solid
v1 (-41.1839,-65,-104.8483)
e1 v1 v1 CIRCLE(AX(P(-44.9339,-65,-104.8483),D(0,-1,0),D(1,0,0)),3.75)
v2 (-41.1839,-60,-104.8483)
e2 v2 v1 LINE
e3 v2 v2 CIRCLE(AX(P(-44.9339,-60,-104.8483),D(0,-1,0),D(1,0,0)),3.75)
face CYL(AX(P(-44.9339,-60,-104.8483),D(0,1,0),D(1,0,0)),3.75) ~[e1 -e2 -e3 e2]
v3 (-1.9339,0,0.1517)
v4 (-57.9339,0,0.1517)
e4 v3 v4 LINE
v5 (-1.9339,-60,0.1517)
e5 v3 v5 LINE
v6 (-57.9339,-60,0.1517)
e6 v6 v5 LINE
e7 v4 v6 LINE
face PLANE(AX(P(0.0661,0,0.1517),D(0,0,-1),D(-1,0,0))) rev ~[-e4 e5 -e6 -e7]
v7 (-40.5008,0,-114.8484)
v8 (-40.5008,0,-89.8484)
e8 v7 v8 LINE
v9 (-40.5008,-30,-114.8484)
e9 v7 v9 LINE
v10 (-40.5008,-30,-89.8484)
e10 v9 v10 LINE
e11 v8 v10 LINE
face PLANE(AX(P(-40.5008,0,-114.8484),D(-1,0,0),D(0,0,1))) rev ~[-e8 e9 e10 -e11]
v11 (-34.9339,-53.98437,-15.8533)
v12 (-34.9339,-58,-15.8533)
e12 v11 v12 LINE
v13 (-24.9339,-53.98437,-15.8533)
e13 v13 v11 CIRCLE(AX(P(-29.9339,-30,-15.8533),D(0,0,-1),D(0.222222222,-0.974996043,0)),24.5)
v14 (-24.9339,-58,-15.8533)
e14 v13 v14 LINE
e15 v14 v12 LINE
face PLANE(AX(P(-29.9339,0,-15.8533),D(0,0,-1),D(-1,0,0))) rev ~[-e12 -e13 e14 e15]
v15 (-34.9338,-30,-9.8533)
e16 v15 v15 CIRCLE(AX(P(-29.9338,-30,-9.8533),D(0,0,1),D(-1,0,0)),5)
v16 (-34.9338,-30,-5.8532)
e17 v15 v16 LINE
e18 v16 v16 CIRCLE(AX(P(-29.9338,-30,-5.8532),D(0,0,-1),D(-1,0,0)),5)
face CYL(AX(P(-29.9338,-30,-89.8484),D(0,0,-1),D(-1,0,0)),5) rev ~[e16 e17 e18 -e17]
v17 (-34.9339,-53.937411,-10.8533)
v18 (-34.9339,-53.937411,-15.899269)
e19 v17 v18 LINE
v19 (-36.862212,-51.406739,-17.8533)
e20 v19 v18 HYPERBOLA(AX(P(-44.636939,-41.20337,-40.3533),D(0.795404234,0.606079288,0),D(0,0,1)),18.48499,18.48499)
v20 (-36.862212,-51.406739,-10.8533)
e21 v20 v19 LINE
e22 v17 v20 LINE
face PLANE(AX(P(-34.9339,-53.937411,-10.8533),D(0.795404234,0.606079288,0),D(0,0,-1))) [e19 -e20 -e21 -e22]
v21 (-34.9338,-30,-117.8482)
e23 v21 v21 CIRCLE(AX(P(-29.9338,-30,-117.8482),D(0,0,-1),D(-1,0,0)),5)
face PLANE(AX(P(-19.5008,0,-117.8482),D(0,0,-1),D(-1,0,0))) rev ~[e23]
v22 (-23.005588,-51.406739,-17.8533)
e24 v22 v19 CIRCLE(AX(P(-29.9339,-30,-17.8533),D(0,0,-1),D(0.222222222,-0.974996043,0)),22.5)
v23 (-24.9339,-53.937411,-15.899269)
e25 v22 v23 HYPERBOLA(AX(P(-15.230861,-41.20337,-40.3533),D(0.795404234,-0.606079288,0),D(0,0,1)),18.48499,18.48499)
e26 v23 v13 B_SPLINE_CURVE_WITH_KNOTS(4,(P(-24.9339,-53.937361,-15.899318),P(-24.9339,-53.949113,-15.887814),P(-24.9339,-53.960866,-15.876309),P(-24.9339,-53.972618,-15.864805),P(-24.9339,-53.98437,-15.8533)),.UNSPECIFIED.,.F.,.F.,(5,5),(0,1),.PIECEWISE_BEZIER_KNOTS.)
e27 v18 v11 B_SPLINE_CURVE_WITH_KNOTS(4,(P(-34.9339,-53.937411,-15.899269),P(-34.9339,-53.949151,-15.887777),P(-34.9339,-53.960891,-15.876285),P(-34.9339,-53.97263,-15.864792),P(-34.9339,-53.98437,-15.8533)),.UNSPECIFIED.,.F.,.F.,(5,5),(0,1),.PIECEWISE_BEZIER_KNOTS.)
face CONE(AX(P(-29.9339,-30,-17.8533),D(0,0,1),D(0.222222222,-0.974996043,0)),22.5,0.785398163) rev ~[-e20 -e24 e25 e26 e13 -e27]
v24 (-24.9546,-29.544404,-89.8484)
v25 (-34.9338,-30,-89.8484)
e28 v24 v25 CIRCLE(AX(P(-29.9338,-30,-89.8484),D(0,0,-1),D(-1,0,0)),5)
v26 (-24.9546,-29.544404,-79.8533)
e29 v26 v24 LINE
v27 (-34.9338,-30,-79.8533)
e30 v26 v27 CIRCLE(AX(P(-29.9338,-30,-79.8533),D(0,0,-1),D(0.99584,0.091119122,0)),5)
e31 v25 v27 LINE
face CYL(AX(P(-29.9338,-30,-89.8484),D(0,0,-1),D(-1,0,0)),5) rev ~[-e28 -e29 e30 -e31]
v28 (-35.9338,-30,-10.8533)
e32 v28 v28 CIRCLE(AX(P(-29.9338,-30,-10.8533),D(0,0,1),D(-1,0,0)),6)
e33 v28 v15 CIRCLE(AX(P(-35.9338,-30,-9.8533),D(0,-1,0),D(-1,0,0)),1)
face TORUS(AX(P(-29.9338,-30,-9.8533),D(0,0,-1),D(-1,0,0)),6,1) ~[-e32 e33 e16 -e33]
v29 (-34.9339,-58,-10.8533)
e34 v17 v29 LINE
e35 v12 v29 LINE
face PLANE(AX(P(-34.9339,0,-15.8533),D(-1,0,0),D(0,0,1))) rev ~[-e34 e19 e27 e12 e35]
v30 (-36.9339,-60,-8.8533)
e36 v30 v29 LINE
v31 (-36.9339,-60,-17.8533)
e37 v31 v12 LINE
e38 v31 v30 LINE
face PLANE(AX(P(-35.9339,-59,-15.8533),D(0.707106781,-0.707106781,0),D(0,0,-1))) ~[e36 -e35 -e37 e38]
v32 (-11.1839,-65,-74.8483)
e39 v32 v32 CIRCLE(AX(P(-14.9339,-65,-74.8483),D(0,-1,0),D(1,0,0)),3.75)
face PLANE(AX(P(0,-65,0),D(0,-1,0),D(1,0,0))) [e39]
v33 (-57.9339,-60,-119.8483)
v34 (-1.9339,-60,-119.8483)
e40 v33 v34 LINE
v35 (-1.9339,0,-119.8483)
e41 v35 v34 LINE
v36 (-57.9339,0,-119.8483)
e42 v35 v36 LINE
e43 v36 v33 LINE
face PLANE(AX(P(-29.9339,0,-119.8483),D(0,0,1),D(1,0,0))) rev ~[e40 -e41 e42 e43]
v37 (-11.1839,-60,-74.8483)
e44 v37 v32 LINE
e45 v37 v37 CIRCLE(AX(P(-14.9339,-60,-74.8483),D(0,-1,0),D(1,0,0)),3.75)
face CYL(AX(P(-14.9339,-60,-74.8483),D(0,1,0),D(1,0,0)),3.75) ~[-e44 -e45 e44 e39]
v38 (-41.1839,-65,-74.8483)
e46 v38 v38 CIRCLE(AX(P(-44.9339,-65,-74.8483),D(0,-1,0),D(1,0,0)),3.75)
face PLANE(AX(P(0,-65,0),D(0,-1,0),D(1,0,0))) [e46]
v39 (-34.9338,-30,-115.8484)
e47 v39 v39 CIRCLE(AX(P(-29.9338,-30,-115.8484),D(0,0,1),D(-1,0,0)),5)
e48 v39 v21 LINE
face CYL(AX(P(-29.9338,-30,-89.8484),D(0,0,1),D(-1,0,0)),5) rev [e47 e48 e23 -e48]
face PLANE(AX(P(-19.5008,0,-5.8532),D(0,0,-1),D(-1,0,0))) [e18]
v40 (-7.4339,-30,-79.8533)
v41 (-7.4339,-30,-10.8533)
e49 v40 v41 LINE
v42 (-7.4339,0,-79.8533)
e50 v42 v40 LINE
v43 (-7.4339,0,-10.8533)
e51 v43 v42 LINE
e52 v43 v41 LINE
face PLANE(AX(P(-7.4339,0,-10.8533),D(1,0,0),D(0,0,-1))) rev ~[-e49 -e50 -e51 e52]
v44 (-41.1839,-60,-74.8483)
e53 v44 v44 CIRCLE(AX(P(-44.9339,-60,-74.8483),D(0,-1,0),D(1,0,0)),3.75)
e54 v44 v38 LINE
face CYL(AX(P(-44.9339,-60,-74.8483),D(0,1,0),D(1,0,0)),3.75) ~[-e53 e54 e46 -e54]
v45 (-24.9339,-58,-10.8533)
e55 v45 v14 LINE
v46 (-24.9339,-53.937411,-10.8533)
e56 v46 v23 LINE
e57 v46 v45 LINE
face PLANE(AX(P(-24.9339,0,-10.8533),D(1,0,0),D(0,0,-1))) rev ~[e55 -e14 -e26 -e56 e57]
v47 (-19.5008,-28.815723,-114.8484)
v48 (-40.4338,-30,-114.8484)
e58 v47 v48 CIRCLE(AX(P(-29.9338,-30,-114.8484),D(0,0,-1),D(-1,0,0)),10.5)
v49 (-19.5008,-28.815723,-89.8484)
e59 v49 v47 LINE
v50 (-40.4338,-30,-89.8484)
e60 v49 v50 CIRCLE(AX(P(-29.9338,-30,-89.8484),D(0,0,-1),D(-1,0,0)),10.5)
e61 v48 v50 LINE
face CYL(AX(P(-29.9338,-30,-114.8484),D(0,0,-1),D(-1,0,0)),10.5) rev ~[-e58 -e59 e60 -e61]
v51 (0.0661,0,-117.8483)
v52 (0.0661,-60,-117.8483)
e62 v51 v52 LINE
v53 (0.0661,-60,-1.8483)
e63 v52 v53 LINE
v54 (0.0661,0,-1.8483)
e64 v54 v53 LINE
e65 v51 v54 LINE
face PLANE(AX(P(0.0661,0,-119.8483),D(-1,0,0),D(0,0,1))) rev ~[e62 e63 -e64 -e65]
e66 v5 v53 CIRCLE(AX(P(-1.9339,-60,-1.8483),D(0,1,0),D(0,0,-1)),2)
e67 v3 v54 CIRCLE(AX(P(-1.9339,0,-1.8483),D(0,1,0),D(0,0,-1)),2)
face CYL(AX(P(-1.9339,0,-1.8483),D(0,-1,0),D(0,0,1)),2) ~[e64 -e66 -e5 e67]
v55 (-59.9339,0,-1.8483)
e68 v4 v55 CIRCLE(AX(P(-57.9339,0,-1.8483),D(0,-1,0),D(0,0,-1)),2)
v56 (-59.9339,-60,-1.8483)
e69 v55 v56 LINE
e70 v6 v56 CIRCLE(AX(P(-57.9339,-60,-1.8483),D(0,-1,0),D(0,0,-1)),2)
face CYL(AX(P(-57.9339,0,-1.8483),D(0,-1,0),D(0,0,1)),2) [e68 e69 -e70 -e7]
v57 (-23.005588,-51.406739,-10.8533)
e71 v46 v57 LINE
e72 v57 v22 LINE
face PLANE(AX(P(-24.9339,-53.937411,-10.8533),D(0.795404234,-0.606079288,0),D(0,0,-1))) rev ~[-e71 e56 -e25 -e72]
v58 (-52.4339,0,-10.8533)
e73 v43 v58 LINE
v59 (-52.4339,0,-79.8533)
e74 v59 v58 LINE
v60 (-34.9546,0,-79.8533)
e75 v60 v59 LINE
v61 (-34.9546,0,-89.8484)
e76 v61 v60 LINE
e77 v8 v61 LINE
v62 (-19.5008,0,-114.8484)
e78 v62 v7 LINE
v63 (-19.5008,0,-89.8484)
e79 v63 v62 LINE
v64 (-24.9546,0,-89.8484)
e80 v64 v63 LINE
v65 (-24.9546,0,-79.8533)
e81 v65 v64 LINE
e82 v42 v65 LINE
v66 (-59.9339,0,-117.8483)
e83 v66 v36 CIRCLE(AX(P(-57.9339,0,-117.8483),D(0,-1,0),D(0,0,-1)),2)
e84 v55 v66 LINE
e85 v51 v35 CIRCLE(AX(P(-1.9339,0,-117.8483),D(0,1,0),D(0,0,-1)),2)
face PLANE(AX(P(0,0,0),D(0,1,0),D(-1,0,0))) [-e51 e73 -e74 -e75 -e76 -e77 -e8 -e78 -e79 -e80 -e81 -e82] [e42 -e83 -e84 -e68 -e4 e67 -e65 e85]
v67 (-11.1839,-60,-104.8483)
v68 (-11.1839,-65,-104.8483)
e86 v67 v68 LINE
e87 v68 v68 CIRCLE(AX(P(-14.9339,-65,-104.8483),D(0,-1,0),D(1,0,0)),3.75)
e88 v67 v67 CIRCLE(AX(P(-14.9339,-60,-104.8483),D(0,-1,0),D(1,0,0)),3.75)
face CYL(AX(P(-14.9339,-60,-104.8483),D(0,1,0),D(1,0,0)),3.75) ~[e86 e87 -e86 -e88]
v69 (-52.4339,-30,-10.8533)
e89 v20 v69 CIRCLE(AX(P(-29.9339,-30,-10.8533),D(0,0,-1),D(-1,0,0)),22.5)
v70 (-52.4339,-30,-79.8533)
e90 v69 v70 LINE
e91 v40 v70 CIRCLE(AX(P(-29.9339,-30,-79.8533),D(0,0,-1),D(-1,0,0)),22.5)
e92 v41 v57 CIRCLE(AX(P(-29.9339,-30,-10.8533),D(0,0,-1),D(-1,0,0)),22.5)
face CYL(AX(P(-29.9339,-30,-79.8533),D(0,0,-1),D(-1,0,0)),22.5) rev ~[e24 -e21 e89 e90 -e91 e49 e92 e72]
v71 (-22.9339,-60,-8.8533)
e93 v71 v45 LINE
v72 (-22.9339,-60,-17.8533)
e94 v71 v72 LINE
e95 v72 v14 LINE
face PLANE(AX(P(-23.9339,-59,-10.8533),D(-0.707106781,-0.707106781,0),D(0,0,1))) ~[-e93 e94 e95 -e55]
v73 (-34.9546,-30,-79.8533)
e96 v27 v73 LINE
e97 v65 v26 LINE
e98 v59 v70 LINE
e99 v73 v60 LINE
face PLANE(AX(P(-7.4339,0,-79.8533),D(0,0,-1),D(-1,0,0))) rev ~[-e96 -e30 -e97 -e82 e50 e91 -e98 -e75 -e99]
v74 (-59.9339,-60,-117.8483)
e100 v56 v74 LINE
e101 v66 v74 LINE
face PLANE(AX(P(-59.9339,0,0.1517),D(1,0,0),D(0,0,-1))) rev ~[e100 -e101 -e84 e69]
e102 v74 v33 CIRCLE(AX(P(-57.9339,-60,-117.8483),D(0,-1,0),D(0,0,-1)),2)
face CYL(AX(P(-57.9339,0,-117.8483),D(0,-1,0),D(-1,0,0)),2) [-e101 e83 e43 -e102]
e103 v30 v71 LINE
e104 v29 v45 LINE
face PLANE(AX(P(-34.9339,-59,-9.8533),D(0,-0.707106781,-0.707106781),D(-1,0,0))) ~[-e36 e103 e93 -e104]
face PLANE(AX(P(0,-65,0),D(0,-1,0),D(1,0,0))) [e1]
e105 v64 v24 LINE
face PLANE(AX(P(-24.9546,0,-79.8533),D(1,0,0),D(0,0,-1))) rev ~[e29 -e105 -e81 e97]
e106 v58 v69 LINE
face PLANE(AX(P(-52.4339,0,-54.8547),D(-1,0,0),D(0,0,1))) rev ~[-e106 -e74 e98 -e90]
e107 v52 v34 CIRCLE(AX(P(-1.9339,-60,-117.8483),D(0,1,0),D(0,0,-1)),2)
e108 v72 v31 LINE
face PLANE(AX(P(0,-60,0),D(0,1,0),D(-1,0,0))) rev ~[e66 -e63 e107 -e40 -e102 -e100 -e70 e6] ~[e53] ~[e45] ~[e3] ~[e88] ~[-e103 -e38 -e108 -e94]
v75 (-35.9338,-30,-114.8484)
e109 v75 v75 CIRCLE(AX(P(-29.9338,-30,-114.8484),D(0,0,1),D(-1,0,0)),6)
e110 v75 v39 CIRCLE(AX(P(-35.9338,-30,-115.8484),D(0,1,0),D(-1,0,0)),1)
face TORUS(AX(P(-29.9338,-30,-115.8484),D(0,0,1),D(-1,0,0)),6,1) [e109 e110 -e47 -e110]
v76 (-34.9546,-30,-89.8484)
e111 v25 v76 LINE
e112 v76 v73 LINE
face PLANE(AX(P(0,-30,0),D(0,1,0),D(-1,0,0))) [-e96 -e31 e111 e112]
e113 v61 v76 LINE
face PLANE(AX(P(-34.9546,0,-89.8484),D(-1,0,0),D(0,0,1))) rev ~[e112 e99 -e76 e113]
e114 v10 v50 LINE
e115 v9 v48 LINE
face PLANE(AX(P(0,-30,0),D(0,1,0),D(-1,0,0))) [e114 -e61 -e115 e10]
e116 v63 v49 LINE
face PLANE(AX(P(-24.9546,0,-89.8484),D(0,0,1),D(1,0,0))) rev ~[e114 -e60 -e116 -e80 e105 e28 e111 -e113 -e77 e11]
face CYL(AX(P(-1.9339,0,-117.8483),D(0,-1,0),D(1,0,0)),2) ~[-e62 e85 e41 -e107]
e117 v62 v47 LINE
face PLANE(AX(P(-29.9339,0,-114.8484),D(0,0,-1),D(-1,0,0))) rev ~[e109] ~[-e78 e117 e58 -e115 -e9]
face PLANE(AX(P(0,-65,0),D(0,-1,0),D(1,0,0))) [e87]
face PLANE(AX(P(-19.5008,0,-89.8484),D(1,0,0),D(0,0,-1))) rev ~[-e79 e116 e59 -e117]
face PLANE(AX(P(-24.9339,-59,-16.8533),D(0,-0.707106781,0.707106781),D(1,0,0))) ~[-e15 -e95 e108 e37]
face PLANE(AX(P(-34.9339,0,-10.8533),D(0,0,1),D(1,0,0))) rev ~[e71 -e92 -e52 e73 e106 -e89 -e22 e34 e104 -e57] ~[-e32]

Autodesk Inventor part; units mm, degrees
sketch "Sketch1" plane through (0, 0, 0) normal (0, 1, 0) x (-1, 0, 0)
  line L0 (-0.0661, 0.1517) -> (59.9339, 0.1517)
  line L1 (59.9339, 0.1517) -> (59.9339, -119.8483)
  line L2 (59.9339, -119.8483) -> (-0.0661, -119.8483)
  line L3 (-0.0661, -119.8483) -> (-0.0661, 0.1517)
  line L4 (29.9339, -119.8483) -> (29.9339, 0.1517)
  circle A0 centre (29.9339, -54.8547) radius 22.5
  line L5 (19.5008, -89.8484) -> (19.5008, -114.8484)
  line L6 (19.5008, -114.8484) -> (40.5008, -114.8484)
  line L7 (40.5008, -114.8484) -> (40.5008, -89.8484)
  line L8 (40.5008, -89.8484) -> (19.5008, -89.8484)
  line L9 (19.5008, -89.8484) -> (40.5008, -114.8484) construction
  line L10 (19.5008, -114.8484) -> (40.5008, -89.8484) construction
  line L11 (19.5008, -89.8484) -> (44.5008, -89.8484) construction
  line L12 (24.9546, -79.8533) -> (24.9546, -89.8533)
  line L13 (24.9546, -89.8533) -> (34.9546, -89.8533)
  line L14 (34.9546, -89.8533) -> (34.9546, -79.8533)
  line L15 (34.9546, -79.8533) -> (24.9546, -79.8533)
  line L16 (24.9546, -79.8533) -> (34.9546, -89.8533) construction
  line L17 (24.9546, -89.8533) -> (34.9546, -79.8533) construction
  line L18 (24.9546, -79.8533) -> (34.9546, -79.8533) construction
  line L19 (7.4339, -10.8533) -> (7.4339, -79.8533)
  line L20 (7.4339, -79.8533) -> (52.4339, -79.8533)
  line L21 (52.4339, -79.8533) -> (52.4339, -10.8533)
  line L22 (52.4339, -10.8533) -> (7.4339, -10.8533)
  line L23 (7.4339, -10.8533) -> (52.4339, -79.8533) construction
  line L24 (7.4339, -79.8533) -> (52.4339, -10.8533) construction
  line L25 (7.4339, -10.8533) -> (76.4339, -10.8533) construction
  line L26 (34.9339, -5.8533) -> (24.9339, -5.8533)
  line L27 (24.9339, -5.8533) -> (24.9339, -15.8533)
  line L28 (24.9339, -15.8533) -> (34.9339, -15.8533)
  line L29 (34.9339, -15.8533) -> (34.9339, -5.8533)
  line L30 (34.9339, -5.8533) -> (24.9339, -15.8533) construction
  line L31 (24.9339, -5.8533) -> (34.9339, -15.8533) construction
  point P0 (0, 0)
  point P1 (29.9339, -114.8483)
  point P2 (30.4342, -89.8533)
  point P3 (29.9546, -89.8533)
  point P4 (29.9339, -79.8533)
  point P5 (30.0136, -77.3546)
  point P6 (29.9339, -25)
  point P7 (30.0008, -102.3484)
  point P8 (29.9339, -10.8533)
  point P9 (29.9546, -84.8533)
  point P10 (29.9339, -10.8533)
  point P11 (29.9339, -45.3533)
  point P12 (34.9546, -79.8533)
  point P13 (24.9546, -79.8533)
  point P14 (24.9546, -89.8484)
  point P15 (34.9546, -89.8484)
  point P16 (34.9339, -10.8533)
  point P17 (24.9339, -10.8533)
  dimension "d0" = 60
  dimension "d1" = 120
  dimension "d2" = 45
  dimension "d3" = 5
  dimension "d4" = 25
  dimension "d6" = 12.5
  dimension "d7" = 10
  dimension "d8" = 2.5
  dimension "d9" = 22.5
  dimension "d10" = -69
  dimension "d11" = 25
  dimension "d12" = 90
  dimension "d13" = 21
  dimension "d14" = 5
  dimension "d15" = 10
  dimension "d16" = 90
  dimension "d17" = 10
  dimension "d18" = -69
  dimension "d19" = 90
  dimension "d20" = -34.5
  dimension "d21" = 45
  dimension "d42" = 10
  dimension "d43" = 10
extrude "Extrusion1" add sketch "Sketch1" against normal blind 60
sketch "Sketch2" plane through (0.0661, 0, -119.8483) normal (0, 0, -1) x (-1, 0, 0)
  line L0 (0, 0) -> (60, 0) projected
  line L1 (0, 0) -> (0, -60) projected
  line L2 (60, -60) -> (0, -60) projected
  line L3 (60, 0) -> (60, -60) projected
  point P0 (0.0661, 0)
  point P1 (30, -30)
ref_plane "Work Plane1" through (-19.5008, 0, -114.8484) normal (0, 0, -1) x (-1, 0, 0)
ref_plane "Work Plane2" through (-19.5008, 0, -89.8484) normal (0, 0, -1) x (-1, 0, 0)
ref_plane "Work Plane3" through (-24.9546, 0, -79.8533) normal (0, 0, -1) x (-1, 0, 0)
ref_plane "Work Plane5" through (-7.4339, 0, -5.8533) normal (0, 0, -1) x (-1, 0, 0)
ref_plane "Work Plane4" through (-7.4339, 0, -10.8533) normal (0, 0, -1) x (-1, 0, 0)
sketch "Sketch3" plane through (-19.5008, 0, -114.8484) normal (0, 0, -1) x (-1, 0, 0)
  circle A0 centre (10.433, -30) radius 10.5
  point P0 (-19.5008, 0)
  dimension "d25" = 21
ref_plane "Work Plane6" through (-29.9339, -30, -119.8483) normal (0, 1, 0) x (1, 0, 0)
extrude "Extrusion3" cut sketch "Sketch1" against normal up to surface (30 mm away) contours L22 L29 L28 L4 | L4 L28 L27 L22 | L6 L5 L8 L12 L13 L4 | L4 L13 L14 L8 L7 L6 | L28 L29 L22 L21 A0 L4 | L4 A0 L19 L22 L27 L28 | L13 L12 L8 L4 | L4 L8 L14 L13 | A0 L4 | L4 A0 | L8 L12 L15 L4 | L4 L15 L14 L8 | A0 L21 L20 L15 L4 | L4 L15 L20 L19 A0
sketch "Sketch4" plane through (-19.5008, 0, -89.8484) normal (0, 0, -1) x (-1, 0, 0)
  circle A0 centre (10.433, -30) radius 5
  point P0 (-19.5008, 0)
  point P1 (15.4537, 0)
  point P2 (15.4537, 0)
  point P3 (15.4537, 0)
  point P4 (5.4537, 0)
  point P5 (5.4537, 0)
  point P6 (5.4537, 0)
  dimension "d30" = 10
sketch "Sketch5" plane through (-24.9546, 0, -79.8533) normal (0, 0, -1) x (-1, 0, 0)
  circle A0 centre (4.9793, -30) radius 22.5
  point P0 (-24.9546, 0)
  dimension "d31" = 45
extrude "Extrusion4" cut sketch "Sketch3" against normal up to surface (25 mm away)
ref_plane "Work Plane7" through (0.0661, 0, -117.8483) normal (0, 0, -1) x (-1, 0, 0)
extrude "Extrusion5" cut sketch "Sketch4" against normal up to surface (83.9952 mm away)
extrude "Extrusion6" cut sketch "Sketch5" against normal up to surface (69 mm away)
extrude "Extrusion7" cut sketch "Sketch4" along normal up to surface (27.9998 mm away)
fillet "Fillet1" radius 2 4 edges at (-59.9339, -30, 0.1517) (0.0661, -30, 0.1517) (0.0661, -30, -119.8483) (-59.9339, -30, -119.8483)
extrude "Extrusion8" cut sketch "Sketch1" against normal through all contours L22 L29 L28 L4 | L4 L28 L27 L22
chamfer "Chamfer1" distance 2 angle 45 4 edges at (-29.9339, -60, -10.8533) (-24.9339, -60, -13.3533) (-29.9339, -60, -15.8533) (-34.9339, -60, -13.3533)
chamfer "Chamfer2" distance 2 angle 45 3 edges at (-34.9339, -51.9374, -13.3533) (-29.9339, -52.5, -15.8533) (-24.9339, -51.9374, -13.3533)
fillet "Fillet2" radius 1 1 edges at (-24.9339, -30, -114.8484)
fillet "Fillet3" radius 1 1 edges at (-24.9339, -30, -10.8533)
sketch "Sketch6" plane through (0, -60, 0) normal (0, -1, 0) x (1, 0, 0)
  arc A0 (-59.9339, -117.8483) -> (-57.9339, -119.8483) centre (-57.9339, -117.8483) ccw projected
  line L0 (-57.9339, -119.8483) -> (-1.9339, -119.8483) projected
  arc A1 (-1.9339, -119.8483) -> (0.0661, -117.8483) centre (-1.9339, -117.8483) ccw projected
  line L1 (0.0661, -117.8483) -> (0.0661, -1.8483) projected
  arc A2 (0.0661, -1.8483) -> (-1.9339, 0.1517) centre (-1.9339, -1.8483) ccw projected
  line L2 (-1.9339, 0.1517) -> (-57.9339, 0.1517) projected
  arc A3 (-57.9339, 0.1517) -> (-59.9339, -1.8483) centre (-57.9339, -1.8483) ccw projected
  line L3 (-59.9339, -1.8483) -> (-59.9339, -117.8483) projected
  line L4 (-36.9339, -8.8533) -> (-36.9339, -17.8533) projected
  line L5 (-22.9339, -8.8533) -> (-36.9339, -8.8533) projected
  line L6 (-22.9339, -17.8533) -> (-22.9339, -8.8533) projected
  line L7 (-36.9339, -17.8533) -> (-22.9339, -17.8533) projected
  line L8 (-29.9339, 0.1517) -> (-29.9339, -119.8483)
  line L9 (0.0661, -59.8483) -> (-59.9339, -59.8483)
  line L10 (-29.9339, -59.8483) -> (-29.9339, -119.8483)
  line L11 (-29.9339, -59.8483) -> (-29.9339, -89.8483)
  line L12 (-29.9339, -89.8483) -> (-29.9339, -119.8483)
  line L13 (-29.9339, -89.8483) -> (-59.9339, -89.8483)
  line L14 (-59.9339, -89.8483) -> (-59.9339, -119.8483)
  line L15 (-59.9339, -119.8483) -> (-29.9339, -119.8483)
  line L16 (-29.9339, -119.8483) -> (-29.9339, -89.8483)
  circle A4 centre (-44.9339, -104.8483) radius 3.75
  circle A5 centre (-14.9339, -104.8483) radius 3.75
  circle A6 centre (-44.9339, -74.8483) radius 3.75
  circle A7 centre (-14.9339, -74.8483) radius 3.75
  point P0 (0, 0)
  point P1 (-29.9339, -74.8483)
  point P2 (-29.9339, -104.8483)
  dimension "d58" = 7.5
  dimension "d61" = 30
  dimension "d64" = 30
extrude "Extrusion10" add sketch "Sketch6" along normal blind 5 contours A4 | A5 | A6 | A7
equation "\"d4\" = d11"
equation "\"d6\" = 0.5 * d4"
equation "\"d7\" = d15"
equation "\"d9\" = 0.5 * d2"
equation "\"d14\" = 0.5 * d7"
equation "\"d18\" = d10"
equation "\"d20\" = 0.5 * d10"
equation "\"d21\" = d2"
equation "\"d31\" = d2"
properties part number "housing_V2_3DPrint"
